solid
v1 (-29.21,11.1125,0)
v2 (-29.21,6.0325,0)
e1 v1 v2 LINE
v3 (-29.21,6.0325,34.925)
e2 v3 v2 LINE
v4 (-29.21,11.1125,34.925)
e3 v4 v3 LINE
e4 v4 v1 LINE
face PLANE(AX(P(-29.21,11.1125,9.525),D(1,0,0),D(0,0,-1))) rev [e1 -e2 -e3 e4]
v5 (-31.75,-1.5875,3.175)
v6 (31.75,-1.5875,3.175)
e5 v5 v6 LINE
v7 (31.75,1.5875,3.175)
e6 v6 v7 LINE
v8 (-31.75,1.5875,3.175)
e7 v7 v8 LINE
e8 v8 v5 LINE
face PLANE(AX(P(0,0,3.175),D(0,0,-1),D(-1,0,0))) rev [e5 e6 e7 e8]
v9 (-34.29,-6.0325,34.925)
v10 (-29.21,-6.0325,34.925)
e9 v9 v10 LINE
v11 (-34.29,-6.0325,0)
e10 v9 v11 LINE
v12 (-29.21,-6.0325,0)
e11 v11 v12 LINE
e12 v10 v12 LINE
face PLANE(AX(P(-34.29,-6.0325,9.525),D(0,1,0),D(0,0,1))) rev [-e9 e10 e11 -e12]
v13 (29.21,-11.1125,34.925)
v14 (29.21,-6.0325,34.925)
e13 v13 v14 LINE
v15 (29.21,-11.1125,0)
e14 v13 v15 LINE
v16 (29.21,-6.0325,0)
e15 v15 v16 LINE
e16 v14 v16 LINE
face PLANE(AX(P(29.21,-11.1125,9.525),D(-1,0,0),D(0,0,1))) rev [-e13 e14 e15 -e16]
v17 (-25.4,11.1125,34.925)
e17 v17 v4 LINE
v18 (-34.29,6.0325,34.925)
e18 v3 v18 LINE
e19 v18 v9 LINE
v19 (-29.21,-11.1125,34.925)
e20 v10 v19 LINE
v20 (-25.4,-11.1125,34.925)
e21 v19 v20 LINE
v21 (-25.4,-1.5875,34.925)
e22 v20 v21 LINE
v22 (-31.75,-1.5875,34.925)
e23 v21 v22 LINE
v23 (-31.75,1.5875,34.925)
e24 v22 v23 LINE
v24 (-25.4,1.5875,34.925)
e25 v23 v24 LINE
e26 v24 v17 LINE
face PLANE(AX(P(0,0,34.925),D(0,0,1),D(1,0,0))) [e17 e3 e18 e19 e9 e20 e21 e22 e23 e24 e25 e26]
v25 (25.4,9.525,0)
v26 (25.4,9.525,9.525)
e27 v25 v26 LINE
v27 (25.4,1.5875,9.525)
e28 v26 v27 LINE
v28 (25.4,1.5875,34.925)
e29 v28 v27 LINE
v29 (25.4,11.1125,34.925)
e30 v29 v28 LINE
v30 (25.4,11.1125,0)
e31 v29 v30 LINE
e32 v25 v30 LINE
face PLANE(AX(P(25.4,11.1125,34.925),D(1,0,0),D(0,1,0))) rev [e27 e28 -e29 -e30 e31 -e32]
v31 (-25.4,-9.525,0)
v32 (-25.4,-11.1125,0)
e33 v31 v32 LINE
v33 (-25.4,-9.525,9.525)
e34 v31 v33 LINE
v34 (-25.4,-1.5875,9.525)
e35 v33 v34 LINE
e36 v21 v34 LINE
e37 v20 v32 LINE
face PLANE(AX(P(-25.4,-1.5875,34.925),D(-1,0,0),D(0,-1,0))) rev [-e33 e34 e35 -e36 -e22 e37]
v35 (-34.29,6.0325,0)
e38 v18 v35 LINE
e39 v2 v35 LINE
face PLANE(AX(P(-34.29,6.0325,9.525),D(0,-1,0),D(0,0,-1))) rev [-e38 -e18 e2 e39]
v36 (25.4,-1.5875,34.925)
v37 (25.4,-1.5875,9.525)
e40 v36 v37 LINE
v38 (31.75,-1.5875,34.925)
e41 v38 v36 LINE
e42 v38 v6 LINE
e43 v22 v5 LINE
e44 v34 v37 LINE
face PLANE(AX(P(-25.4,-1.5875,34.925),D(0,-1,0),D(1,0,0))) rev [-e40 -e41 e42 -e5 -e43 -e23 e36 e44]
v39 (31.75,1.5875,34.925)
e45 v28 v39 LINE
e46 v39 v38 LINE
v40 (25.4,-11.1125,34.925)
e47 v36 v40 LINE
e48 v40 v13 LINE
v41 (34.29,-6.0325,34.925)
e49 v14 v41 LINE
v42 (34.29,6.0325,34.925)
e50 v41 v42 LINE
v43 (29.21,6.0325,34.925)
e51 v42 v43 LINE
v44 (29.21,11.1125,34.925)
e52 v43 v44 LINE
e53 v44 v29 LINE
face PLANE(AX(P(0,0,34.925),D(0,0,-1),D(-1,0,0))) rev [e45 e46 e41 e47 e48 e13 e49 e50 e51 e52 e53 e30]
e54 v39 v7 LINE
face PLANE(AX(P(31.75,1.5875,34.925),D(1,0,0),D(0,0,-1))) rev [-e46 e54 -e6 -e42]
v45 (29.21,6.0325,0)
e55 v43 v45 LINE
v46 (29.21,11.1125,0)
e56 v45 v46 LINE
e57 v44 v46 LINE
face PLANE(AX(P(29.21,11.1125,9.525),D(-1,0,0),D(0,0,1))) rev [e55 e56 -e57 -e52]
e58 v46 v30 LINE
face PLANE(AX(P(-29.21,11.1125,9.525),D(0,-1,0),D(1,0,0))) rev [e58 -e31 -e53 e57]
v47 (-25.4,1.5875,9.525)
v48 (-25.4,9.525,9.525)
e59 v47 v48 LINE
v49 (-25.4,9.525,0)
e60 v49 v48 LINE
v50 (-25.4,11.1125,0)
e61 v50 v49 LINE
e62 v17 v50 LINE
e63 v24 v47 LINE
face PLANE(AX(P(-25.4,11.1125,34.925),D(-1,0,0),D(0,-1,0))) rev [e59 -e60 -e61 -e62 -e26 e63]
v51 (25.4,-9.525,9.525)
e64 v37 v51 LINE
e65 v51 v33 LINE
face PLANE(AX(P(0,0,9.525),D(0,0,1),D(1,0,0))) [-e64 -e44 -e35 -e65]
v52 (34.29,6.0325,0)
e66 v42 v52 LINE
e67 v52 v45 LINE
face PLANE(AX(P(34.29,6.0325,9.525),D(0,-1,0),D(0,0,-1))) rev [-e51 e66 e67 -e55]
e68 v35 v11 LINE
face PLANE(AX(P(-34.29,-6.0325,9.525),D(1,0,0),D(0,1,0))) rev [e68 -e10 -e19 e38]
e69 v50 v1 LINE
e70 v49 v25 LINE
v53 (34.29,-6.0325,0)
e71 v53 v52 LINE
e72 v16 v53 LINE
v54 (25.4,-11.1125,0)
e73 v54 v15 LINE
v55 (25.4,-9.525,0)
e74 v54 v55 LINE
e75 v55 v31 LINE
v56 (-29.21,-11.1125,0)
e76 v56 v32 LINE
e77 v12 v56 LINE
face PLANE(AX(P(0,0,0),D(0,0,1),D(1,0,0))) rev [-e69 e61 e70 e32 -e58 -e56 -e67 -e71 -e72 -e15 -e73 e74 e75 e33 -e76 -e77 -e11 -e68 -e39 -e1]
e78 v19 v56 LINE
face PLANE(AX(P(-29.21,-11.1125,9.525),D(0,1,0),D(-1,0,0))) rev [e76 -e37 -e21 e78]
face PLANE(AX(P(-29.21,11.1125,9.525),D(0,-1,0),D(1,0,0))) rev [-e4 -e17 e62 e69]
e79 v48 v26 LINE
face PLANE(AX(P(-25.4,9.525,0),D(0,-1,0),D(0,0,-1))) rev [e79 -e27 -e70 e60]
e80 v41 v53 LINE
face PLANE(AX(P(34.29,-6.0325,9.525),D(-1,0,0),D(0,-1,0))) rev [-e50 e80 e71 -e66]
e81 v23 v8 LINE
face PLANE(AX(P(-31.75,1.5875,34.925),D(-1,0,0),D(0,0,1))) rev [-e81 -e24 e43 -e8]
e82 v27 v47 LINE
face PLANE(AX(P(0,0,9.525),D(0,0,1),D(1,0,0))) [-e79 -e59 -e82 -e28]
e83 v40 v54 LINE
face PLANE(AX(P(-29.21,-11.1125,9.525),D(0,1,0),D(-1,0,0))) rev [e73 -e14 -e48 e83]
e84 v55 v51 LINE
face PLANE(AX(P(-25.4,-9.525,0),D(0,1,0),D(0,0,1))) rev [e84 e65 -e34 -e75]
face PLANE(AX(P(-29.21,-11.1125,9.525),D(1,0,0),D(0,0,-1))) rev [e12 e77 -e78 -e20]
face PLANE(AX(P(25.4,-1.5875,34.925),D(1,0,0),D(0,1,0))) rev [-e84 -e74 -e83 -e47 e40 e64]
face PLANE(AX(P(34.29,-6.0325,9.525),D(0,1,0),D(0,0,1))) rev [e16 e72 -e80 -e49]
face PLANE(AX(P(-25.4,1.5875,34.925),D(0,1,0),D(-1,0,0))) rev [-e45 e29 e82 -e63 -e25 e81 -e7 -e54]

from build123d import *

# Parameters (mm, degrees)
BOSS_EXTRUDE1_DEPTH     = 9.525
BOSS_EXTRUDE2_DEPTH     = 25.4
SKETCH4_W               = 63.5
SKETCH4_H               = 3.175
CUT_EXTRUDE1_DEPTH      = 6.35
CUT_EXTRUDE2_DEPTH      = 45.095938092
CUT_EXTRUDE2_DEPTH_BACK = 45.095938092
SKETCH5_W               = 50.8
SKETCH5_H               = 1.5875


with BuildPart() as part:
    # Sketch1 → Boss-Extrude1 (new body)
    with BuildSketch(Plane.XY):
        Polygon((-29.21, -11.1125), (29.21, -11.1125), (29.21, -6.0325), (34.29, -6.0325), (34.29, 6.0325), (29.21, 6.0325), (29.21, 11.1125), (-29.21, 11.1125), (-29.21, 6.0325), (-34.29, 6.0325), (-34.29, -6.0325), (-29.21, -6.0325), align=None)
    extrude(amount=BOSS_EXTRUDE1_DEPTH)

    # Sketch3 → Boss-Extrude2 (add)
    with BuildSketch(Plane.XY.offset(9.525)):
        Polygon((-29.21, 11.1125), (-25.4, 11.1125), (-25.4, 1.5875), (-31.75, 1.5875), (-31.75, -1.5875), (-25.4, -1.5875), (-25.4, -11.1125), (-29.21, -11.1125), (-29.21, -6.0325), (-34.29, -6.0325), (-34.29, 6.0325), (-29.21, 6.0325), align=None)
        Polygon((25.4, -1.5875), (25.4, -11.1125), (29.21, -11.1125), (29.21, -6.0325), (34.29, -6.0325), (34.29, 6.0325), (29.21, 6.0325), (29.21, 11.1125), (25.4, 11.1125), (25.4, 1.5875), (31.75, 1.5875), (31.75, -1.5875), align=None)
    extrude(amount=BOSS_EXTRUDE2_DEPTH)

    # Sketch4 → Cut-Extrude1 (cut)
    with BuildSketch(Plane.XY.offset(9.525)):
        Rectangle(SKETCH4_W, SKETCH4_H)
    extrude(amount=-CUT_EXTRUDE1_DEPTH, mode=Mode.SUBTRACT)

    # Sketch5 → Cut-Extrude2 (cut, two sides: drawn at the far end of the back side and taken through both)
    with BuildSketch(Plane.XY.offset(9.525).offset(-CUT_EXTRUDE2_DEPTH_BACK)):
        with Locations((0, 10.31875)):
            Rectangle(SKETCH5_W, SKETCH5_H)
        with Locations((0, -10.31875)):
            Rectangle(SKETCH5_W, SKETCH5_H)
    extrude(amount=CUT_EXTRUDE2_DEPTH + CUT_EXTRUDE2_DEPTH_BACK, mode=Mode.SUBTRACT)


solid = part.part
